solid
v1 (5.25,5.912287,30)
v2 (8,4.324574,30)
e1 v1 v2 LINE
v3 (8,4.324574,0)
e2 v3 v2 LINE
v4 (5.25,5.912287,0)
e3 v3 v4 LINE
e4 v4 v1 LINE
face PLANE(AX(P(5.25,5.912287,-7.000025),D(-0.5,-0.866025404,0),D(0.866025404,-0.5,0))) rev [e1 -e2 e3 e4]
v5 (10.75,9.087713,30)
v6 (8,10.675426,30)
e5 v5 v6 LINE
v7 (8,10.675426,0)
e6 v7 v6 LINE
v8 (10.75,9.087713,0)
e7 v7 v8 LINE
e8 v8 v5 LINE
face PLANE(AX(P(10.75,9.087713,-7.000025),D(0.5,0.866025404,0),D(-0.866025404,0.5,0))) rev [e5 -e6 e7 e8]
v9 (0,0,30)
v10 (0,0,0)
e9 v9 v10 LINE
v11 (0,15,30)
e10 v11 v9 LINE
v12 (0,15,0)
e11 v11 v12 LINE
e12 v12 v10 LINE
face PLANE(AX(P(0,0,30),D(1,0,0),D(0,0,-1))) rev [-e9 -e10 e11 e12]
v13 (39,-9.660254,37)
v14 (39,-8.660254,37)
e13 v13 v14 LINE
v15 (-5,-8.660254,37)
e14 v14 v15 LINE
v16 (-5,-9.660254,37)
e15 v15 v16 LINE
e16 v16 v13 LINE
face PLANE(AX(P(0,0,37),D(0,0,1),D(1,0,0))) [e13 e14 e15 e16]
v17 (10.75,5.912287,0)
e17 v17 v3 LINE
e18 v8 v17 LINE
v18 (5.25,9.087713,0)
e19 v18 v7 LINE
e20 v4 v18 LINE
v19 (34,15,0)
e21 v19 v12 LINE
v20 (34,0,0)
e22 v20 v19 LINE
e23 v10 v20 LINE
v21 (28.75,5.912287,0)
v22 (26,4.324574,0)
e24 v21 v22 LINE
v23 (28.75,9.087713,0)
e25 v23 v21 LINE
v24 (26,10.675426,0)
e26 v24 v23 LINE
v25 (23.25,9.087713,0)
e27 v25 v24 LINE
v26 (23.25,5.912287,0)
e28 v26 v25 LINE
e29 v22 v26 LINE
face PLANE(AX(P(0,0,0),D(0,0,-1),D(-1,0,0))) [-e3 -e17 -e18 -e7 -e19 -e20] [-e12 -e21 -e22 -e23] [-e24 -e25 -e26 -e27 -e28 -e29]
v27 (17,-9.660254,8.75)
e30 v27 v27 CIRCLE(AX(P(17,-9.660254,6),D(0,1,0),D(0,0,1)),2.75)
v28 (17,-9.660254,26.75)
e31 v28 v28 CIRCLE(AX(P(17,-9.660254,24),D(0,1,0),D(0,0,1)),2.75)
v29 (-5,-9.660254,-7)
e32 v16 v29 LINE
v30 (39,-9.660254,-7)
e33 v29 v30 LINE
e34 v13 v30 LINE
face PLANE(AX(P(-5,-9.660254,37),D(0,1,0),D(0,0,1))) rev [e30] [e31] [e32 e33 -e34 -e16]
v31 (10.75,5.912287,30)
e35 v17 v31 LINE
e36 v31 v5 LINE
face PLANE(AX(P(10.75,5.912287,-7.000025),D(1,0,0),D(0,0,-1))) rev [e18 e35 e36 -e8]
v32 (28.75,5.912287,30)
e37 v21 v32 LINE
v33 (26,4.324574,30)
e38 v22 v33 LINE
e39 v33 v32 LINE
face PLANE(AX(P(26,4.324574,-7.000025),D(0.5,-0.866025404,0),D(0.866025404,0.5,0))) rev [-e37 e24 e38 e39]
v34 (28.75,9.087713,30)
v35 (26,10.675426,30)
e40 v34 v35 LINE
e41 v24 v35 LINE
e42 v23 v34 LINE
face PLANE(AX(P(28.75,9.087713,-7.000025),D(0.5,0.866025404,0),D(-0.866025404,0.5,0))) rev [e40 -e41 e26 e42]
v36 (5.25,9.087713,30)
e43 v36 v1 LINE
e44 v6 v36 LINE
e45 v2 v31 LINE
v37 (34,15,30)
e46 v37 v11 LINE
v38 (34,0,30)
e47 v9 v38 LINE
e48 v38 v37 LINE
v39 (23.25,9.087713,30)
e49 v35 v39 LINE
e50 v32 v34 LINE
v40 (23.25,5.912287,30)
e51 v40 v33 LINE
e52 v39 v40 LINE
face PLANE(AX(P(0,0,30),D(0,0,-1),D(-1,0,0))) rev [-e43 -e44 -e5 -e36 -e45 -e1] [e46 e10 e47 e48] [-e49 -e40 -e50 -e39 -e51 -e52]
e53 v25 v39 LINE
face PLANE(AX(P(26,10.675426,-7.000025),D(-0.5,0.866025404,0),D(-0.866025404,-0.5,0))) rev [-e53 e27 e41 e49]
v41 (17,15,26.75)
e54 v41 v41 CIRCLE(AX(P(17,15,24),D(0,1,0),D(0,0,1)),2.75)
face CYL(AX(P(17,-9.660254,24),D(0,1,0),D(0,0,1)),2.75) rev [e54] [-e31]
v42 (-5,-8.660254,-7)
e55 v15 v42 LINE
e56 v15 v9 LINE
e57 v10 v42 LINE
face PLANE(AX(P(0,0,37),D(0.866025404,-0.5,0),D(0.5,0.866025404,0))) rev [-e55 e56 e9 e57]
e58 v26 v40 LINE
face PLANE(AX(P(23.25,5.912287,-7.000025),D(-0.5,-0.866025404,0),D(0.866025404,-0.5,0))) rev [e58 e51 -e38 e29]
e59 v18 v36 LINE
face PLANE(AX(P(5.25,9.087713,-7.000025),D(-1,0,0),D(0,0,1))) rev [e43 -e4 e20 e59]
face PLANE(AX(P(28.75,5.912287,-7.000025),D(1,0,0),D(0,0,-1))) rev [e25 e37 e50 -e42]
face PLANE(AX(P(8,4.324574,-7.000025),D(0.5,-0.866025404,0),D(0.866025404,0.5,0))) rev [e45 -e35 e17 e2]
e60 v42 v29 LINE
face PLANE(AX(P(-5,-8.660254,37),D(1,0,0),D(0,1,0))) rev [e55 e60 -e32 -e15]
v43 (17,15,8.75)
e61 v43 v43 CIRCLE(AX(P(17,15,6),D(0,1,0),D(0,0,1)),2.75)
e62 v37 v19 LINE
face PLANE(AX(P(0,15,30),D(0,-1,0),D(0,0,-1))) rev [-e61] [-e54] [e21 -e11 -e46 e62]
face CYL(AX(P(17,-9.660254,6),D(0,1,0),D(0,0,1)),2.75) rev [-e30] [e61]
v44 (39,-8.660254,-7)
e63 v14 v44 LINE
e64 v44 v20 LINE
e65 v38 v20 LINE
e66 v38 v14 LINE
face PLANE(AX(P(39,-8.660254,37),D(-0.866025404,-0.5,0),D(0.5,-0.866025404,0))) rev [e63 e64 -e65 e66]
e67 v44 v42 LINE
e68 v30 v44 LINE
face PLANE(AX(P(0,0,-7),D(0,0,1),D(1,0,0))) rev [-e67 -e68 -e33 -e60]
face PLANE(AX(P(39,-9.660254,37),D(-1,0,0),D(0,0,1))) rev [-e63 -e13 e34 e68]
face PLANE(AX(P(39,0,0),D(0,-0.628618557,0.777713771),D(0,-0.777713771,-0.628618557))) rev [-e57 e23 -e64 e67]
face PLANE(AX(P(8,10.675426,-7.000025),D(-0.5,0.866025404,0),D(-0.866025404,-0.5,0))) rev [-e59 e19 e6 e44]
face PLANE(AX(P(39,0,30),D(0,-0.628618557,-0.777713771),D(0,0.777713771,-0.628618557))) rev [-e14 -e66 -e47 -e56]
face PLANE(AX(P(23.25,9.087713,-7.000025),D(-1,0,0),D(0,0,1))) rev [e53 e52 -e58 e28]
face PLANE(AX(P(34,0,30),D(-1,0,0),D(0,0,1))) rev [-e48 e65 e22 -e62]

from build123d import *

# Parameters (mm, degrees)
SKETCH1_W                = 34
SKETCH1_H                = 15
BOSS_EXTRUDE1_DEPTH      = 30
BOSS_EXTRUDE2_DEPTH      = 7
BOSS_EXTRUDE2_DEPTH_BACK = 37
CUT_EXTRUDE2_DEPTH       = 38
CUT_EXTRUDE3_DEPTH       = 6
CUT_EXTRUDE3_DEPTH_BACK  = 40
SKETCH7_R                = 2.75
CUT_EXTRUDE4_DEPTH       = 25.660254038


with BuildPart() as part:
    # Sketch1 → Boss-Extrude1 (new body)
    with BuildSketch(Plane.XY):
        with Locations((17, 7.5)):
            Rectangle(SKETCH1_W, SKETCH1_H)
    extrude(amount=BOSS_EXTRUDE1_DEPTH)

    # Sketch3 → Boss-Extrude2 (add, two sides)
    with BuildSketch(Plane.XY.offset(30)) as boss_extrude2_sk:
        Polygon((0, 0), (-5, -8.660254038), (-5, -9.660254038), (39, -9.660254038), (39, -8.660254038), (34, 0), align=None)
    extrude(amount=BOSS_EXTRUDE2_DEPTH)
    extrude(boss_extrude2_sk.sketch, amount=-BOSS_EXTRUDE2_DEPTH_BACK)

    # Sketch5 → Cut-Extrude2 (cut, through all)
    with BuildSketch(Plane.XY.offset(30)):
        Polygon((8, 4.324573519), (10.75, 5.91228676), (10.75, 9.08771324), (8, 10.675426481), (5.25, 9.08771324), (5.25, 5.91228676), align=None)
        Polygon((26, 4.324573519), (28.75, 5.91228676), (28.75, 9.08771324), (26, 10.675426481), (23.25, 9.08771324), (23.25, 5.91228676), align=None)
    extrude(amount=-CUT_EXTRUDE2_DEPTH, mode=Mode.SUBTRACT)

    # Sketch6 → Cut-Extrude3 (cut, two sides)
    with BuildSketch(Plane.ZY) as cut_extrude3_sk:
        Polygon((30, 0), (37, -8.660254038), (37, 0), align=None)
        Polygon((0, 0), (-7, -8.660254038), (-7, 0), align=None)
    extrude(amount=CUT_EXTRUDE3_DEPTH, mode=Mode.SUBTRACT)
    extrude(cut_extrude3_sk.sketch, amount=-CUT_EXTRUDE3_DEPTH_BACK, mode=Mode.SUBTRACT)

    # Sketch7 → Cut-Extrude4 (cut, through all)
    with BuildSketch(Plane(origin=(0, 15, 0), x_dir=(1, 0, 0), z_dir=(0, 1, 0))):
        with Locations((17, -6)):
            Circle(SKETCH7_R)
        with Locations((17, -24)):
            Circle(SKETCH7_R)
    extrude(amount=-CUT_EXTRUDE4_DEPTH, mode=Mode.SUBTRACT)


solid = part.part
